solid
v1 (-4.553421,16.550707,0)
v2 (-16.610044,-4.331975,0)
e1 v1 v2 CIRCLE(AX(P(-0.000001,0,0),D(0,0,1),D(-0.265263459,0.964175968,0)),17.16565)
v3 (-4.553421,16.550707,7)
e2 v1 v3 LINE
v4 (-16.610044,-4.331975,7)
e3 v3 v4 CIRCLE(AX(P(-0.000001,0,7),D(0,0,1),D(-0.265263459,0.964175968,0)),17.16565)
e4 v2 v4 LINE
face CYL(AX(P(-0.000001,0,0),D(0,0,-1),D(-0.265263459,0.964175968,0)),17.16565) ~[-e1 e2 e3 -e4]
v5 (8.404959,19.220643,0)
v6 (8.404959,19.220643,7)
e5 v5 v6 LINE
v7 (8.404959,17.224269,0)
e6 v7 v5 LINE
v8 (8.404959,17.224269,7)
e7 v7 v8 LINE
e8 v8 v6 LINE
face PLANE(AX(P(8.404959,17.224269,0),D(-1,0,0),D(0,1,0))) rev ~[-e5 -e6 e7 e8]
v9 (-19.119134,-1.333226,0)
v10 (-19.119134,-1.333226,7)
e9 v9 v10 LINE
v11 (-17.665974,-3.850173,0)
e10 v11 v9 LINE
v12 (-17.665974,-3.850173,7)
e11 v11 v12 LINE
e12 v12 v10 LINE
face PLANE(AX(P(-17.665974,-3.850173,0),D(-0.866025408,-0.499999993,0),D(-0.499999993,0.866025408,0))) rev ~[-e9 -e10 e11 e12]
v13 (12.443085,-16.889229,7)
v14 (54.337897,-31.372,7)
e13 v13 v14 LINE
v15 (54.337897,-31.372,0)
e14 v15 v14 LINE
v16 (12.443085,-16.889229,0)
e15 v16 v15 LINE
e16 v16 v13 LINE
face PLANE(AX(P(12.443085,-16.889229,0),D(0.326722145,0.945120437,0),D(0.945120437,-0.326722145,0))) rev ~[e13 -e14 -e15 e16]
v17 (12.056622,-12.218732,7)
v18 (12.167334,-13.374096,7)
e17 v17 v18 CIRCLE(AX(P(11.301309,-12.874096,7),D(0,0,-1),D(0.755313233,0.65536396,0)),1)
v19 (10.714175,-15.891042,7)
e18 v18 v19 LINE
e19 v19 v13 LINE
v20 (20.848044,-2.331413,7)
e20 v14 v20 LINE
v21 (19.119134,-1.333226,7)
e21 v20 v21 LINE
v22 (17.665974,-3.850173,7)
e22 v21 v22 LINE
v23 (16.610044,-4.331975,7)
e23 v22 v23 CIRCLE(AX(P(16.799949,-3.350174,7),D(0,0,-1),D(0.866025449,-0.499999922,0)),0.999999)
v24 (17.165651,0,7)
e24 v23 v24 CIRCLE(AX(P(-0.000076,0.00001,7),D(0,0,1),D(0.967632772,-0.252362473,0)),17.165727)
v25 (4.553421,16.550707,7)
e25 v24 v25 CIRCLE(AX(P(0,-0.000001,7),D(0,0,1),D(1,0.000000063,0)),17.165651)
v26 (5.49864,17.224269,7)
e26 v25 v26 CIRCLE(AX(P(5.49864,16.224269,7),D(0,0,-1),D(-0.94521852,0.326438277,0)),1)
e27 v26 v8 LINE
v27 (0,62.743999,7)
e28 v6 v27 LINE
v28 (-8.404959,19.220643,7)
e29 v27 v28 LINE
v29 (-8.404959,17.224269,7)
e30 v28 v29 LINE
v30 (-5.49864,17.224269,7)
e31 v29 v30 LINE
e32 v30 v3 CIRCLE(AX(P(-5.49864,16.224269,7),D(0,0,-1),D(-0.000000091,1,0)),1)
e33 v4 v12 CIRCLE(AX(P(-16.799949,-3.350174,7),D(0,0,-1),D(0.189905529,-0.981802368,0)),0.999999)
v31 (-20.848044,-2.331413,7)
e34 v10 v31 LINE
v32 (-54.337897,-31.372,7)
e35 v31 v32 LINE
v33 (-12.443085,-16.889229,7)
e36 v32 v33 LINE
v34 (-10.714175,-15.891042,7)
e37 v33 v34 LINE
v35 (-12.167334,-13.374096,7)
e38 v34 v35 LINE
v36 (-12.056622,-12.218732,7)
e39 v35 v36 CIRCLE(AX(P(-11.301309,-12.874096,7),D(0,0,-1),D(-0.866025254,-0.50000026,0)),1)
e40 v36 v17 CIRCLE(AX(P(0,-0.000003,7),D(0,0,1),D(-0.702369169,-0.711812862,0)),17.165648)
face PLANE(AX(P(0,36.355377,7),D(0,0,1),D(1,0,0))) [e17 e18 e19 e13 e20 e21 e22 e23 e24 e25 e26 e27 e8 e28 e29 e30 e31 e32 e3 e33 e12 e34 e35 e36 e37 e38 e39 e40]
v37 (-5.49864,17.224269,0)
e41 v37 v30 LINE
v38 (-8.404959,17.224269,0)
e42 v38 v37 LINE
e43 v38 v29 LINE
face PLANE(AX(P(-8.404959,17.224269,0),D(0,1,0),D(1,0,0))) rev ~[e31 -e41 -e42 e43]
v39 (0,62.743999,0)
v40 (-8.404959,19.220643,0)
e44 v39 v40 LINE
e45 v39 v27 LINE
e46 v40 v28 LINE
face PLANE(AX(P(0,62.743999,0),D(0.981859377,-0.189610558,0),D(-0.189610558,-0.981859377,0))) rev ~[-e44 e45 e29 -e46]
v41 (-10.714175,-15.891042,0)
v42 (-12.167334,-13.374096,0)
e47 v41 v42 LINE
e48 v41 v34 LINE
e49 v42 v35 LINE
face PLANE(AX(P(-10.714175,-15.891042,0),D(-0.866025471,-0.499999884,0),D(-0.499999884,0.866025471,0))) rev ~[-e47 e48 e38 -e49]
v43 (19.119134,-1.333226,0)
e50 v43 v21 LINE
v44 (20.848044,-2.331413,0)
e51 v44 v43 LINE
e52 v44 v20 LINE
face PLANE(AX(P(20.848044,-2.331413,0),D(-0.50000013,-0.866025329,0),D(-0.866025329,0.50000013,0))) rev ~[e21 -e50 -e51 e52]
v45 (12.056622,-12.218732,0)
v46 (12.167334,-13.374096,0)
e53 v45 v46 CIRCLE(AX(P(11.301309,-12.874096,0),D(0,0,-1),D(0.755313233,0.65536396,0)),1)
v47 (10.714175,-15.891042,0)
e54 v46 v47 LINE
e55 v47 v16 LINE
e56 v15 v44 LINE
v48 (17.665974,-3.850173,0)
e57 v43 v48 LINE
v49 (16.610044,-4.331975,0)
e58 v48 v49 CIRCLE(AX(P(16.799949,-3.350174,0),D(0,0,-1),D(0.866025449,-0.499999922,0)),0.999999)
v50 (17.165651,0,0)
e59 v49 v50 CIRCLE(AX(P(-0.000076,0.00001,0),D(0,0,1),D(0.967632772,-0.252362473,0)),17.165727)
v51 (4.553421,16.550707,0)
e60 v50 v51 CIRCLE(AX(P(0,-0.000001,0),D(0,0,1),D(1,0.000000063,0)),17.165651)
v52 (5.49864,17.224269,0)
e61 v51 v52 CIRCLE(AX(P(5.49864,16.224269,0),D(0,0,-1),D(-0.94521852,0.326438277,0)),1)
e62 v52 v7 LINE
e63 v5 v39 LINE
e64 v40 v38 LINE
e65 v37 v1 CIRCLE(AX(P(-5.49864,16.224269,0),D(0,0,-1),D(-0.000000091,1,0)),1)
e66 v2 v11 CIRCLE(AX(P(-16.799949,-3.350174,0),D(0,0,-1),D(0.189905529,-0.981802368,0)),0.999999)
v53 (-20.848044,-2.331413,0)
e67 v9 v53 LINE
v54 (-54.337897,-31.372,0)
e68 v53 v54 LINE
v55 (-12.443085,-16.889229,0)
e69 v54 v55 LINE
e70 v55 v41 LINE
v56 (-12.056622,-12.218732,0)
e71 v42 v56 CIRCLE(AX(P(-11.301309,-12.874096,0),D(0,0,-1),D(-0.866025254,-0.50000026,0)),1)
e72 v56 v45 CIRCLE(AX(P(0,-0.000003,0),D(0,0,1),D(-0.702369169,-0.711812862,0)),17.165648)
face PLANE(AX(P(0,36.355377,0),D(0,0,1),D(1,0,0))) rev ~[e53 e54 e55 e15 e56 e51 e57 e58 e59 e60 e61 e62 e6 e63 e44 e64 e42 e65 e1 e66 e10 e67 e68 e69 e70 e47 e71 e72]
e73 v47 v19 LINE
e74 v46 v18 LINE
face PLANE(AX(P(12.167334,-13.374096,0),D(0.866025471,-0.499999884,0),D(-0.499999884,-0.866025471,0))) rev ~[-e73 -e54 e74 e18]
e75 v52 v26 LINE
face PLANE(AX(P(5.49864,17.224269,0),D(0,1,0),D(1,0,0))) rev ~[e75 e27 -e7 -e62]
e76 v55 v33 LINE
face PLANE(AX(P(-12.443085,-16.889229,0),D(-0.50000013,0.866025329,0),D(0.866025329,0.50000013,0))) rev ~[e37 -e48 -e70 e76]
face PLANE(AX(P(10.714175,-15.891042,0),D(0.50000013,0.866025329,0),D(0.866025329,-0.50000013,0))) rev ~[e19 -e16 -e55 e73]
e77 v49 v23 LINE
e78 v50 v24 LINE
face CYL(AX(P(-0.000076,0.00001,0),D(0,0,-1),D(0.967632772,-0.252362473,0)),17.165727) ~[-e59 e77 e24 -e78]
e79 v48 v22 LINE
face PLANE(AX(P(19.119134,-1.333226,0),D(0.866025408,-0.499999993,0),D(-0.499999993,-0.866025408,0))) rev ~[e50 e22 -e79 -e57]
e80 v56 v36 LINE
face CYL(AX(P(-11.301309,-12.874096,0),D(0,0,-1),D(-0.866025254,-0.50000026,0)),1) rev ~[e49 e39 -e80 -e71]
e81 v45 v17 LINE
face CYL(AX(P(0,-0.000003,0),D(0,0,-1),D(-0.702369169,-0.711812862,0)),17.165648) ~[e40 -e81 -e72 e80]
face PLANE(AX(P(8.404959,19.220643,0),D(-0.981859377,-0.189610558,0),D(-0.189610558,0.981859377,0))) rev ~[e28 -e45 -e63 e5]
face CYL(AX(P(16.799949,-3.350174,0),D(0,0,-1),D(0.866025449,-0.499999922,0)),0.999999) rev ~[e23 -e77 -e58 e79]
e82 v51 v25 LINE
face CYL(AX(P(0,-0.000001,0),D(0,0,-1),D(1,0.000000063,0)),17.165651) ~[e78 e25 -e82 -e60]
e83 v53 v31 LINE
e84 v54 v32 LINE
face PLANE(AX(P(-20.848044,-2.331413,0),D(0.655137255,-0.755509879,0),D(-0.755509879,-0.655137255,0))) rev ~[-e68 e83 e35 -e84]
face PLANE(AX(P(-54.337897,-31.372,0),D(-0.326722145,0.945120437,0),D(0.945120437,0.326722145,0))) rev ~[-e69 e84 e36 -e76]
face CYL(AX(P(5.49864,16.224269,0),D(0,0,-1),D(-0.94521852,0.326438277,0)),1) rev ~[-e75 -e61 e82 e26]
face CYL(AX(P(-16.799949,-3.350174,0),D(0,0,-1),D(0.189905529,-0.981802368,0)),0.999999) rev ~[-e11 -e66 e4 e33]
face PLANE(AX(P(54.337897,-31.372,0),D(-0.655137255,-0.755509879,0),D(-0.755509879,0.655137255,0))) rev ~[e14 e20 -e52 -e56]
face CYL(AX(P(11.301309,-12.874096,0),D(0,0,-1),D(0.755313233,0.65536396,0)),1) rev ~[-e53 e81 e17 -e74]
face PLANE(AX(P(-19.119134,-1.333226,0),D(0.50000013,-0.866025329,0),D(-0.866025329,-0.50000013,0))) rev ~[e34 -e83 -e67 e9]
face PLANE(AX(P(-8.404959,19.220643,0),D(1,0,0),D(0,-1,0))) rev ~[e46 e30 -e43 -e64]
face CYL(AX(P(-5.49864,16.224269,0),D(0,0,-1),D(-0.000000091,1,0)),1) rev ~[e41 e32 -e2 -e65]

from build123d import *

# Parameters (mm, degrees)
F0_R     = 10.9
F1_DEPTH = 7


with BuildPart() as f1:
    # F0 (on Top) → F1 (new body)
    with BuildSketch(Plane.XY):
        with BuildLine():
            Line((-8.404959, 17.224269), (-5.49864, 17.224269))
            ThreePointArc((-5.49864, 17.224269), (-4.918312, 17.038652), (-4.553421, 16.550707))
            ThreePointArc((-4.553421, 16.550707), (0, 17.165651), (4.553421, 16.550707))
            ThreePointArc((4.553421, 16.550707), (4.918312, 17.038652), (5.49864, 17.224269))
            Line((5.49864, 17.224269), (8.404959, 17.224269))
            Line((8.404959, 17.224269), (8.404959, 19.220643))
            Line((8.404959, 19.220643), (0, 62.743999))
            Line((0, 62.743999), (-8.404959, 19.220643))
            Line((-8.404959, 19.220643), (-8.404959, 17.224269))
        make_face()
        Polygon((6.293118, 24.386719), (3.146559, 18.936719), (-3.146559, 18.936719), (-6.293118, 24.386719), (-3.146559, 29.836719), (3.146559, 29.836719), align=None, mode=Mode.SUBTRACT)
        with BuildLine():
            ThreePointArc((4.553421, 16.550707), (0, 17.165651), (-4.553421, 16.550707))
            ThreePointArc((-4.553421, 16.550707), (-14.86589, 8.582825), (-16.610044, -4.331975))
            ThreePointArc((-16.610044, -4.331975), (-14.86589, -8.582825), (-12.056622, -12.218732))
            ThreePointArc((-12.056622, -12.218732), (0, -17.165651), (12.056622, -12.218732))
            ThreePointArc((12.056622, -12.218732), (14.86589, -8.582825), (16.610044, -4.331975))
            ThreePointArc((16.610044, -4.331975), (17.026182, -2.18373), (17.165651, 0))
            ThreePointArc((17.165651, 0), (13.653241, 10.404257), (4.553421, 16.550707))
        make_face()
        Circle(F0_R, mode=Mode.SUBTRACT)
        with BuildLine():
            ThreePointArc((-12.056622, -12.218732), (-14.86589, -8.582825), (-16.610044, -4.331975))
            ThreePointArc((-16.610044, -4.331975), (-17.215061, -4.259943), (-17.665974, -3.850173))
            Line((-17.665974, -3.850173), (-19.119134, -1.333226))
            Line((-19.119134, -1.333226), (-20.848044, -2.331413))
            Line((-20.848044, -2.331413), (-54.337897, -31.372))
            Line((-54.337897, -31.372), (-12.443085, -16.889229))
            Line((-12.443085, -16.889229), (-10.714175, -15.891042))
            Line((-10.714175, -15.891042), (-12.167334, -13.374096))
            ThreePointArc((-12.167334, -13.374096), (-12.296749, -12.778709), (-12.056622, -12.218732))
        make_face()
        Polygon((-24.266077, -17.643359), (-27.412636, -12.193359), (-24.266077, -6.743359), (-17.972959, -6.743359), (-14.8264, -12.193359), (-17.972959, -17.643359), align=None, mode=Mode.SUBTRACT)
        with BuildLine():
            ThreePointArc((17.665974, -3.850173), (17.215061, -4.259943), (16.610044, -4.331975))
            ThreePointArc((16.610044, -4.331975), (14.86589, -8.582825), (12.056622, -12.218732))
            ThreePointArc((12.056622, -12.218732), (12.296749, -12.778709), (12.167334, -13.374096))
            Line((12.167334, -13.374096), (10.714175, -15.891042))
            Line((10.714175, -15.891042), (12.443085, -16.889229))
            Line((12.443085, -16.889229), (54.337897, -31.372))
            Line((54.337897, -31.372), (20.848044, -2.331413))
            Line((20.848044, -2.331413), (19.119134, -1.333226))
            Line((19.119134, -1.333226), (17.665974, -3.850173))
        make_face()
        Polygon((27.412636, -12.193359), (24.266077, -17.643359), (17.972959, -17.643359), (14.8264, -12.193359), (17.972959, -6.743359), (24.266077, -6.743359), align=None, mode=Mode.SUBTRACT)
        Polygon((-3.146559, 18.936719), (3.146559, 18.936719), (6.293118, 24.386719), (3.146559, 29.836719), (-3.146559, 29.836719), (-6.293118, 24.386719), align=None)
        Polygon((-24.266077, -6.743359), (-27.412636, -12.193359), (-24.266077, -17.643359), (-17.972959, -17.643359), (-14.8264, -12.193359), (-17.972959, -6.743359), align=None)
        Circle(F0_R)
        Polygon((17.972959, -17.643359), (24.266077, -17.643359), (27.412636, -12.193359), (24.266077, -6.743359), (17.972959, -6.743359), (14.8264, -12.193359), align=None)
    extrude(amount=F1_DEPTH)


solid = f1.part
